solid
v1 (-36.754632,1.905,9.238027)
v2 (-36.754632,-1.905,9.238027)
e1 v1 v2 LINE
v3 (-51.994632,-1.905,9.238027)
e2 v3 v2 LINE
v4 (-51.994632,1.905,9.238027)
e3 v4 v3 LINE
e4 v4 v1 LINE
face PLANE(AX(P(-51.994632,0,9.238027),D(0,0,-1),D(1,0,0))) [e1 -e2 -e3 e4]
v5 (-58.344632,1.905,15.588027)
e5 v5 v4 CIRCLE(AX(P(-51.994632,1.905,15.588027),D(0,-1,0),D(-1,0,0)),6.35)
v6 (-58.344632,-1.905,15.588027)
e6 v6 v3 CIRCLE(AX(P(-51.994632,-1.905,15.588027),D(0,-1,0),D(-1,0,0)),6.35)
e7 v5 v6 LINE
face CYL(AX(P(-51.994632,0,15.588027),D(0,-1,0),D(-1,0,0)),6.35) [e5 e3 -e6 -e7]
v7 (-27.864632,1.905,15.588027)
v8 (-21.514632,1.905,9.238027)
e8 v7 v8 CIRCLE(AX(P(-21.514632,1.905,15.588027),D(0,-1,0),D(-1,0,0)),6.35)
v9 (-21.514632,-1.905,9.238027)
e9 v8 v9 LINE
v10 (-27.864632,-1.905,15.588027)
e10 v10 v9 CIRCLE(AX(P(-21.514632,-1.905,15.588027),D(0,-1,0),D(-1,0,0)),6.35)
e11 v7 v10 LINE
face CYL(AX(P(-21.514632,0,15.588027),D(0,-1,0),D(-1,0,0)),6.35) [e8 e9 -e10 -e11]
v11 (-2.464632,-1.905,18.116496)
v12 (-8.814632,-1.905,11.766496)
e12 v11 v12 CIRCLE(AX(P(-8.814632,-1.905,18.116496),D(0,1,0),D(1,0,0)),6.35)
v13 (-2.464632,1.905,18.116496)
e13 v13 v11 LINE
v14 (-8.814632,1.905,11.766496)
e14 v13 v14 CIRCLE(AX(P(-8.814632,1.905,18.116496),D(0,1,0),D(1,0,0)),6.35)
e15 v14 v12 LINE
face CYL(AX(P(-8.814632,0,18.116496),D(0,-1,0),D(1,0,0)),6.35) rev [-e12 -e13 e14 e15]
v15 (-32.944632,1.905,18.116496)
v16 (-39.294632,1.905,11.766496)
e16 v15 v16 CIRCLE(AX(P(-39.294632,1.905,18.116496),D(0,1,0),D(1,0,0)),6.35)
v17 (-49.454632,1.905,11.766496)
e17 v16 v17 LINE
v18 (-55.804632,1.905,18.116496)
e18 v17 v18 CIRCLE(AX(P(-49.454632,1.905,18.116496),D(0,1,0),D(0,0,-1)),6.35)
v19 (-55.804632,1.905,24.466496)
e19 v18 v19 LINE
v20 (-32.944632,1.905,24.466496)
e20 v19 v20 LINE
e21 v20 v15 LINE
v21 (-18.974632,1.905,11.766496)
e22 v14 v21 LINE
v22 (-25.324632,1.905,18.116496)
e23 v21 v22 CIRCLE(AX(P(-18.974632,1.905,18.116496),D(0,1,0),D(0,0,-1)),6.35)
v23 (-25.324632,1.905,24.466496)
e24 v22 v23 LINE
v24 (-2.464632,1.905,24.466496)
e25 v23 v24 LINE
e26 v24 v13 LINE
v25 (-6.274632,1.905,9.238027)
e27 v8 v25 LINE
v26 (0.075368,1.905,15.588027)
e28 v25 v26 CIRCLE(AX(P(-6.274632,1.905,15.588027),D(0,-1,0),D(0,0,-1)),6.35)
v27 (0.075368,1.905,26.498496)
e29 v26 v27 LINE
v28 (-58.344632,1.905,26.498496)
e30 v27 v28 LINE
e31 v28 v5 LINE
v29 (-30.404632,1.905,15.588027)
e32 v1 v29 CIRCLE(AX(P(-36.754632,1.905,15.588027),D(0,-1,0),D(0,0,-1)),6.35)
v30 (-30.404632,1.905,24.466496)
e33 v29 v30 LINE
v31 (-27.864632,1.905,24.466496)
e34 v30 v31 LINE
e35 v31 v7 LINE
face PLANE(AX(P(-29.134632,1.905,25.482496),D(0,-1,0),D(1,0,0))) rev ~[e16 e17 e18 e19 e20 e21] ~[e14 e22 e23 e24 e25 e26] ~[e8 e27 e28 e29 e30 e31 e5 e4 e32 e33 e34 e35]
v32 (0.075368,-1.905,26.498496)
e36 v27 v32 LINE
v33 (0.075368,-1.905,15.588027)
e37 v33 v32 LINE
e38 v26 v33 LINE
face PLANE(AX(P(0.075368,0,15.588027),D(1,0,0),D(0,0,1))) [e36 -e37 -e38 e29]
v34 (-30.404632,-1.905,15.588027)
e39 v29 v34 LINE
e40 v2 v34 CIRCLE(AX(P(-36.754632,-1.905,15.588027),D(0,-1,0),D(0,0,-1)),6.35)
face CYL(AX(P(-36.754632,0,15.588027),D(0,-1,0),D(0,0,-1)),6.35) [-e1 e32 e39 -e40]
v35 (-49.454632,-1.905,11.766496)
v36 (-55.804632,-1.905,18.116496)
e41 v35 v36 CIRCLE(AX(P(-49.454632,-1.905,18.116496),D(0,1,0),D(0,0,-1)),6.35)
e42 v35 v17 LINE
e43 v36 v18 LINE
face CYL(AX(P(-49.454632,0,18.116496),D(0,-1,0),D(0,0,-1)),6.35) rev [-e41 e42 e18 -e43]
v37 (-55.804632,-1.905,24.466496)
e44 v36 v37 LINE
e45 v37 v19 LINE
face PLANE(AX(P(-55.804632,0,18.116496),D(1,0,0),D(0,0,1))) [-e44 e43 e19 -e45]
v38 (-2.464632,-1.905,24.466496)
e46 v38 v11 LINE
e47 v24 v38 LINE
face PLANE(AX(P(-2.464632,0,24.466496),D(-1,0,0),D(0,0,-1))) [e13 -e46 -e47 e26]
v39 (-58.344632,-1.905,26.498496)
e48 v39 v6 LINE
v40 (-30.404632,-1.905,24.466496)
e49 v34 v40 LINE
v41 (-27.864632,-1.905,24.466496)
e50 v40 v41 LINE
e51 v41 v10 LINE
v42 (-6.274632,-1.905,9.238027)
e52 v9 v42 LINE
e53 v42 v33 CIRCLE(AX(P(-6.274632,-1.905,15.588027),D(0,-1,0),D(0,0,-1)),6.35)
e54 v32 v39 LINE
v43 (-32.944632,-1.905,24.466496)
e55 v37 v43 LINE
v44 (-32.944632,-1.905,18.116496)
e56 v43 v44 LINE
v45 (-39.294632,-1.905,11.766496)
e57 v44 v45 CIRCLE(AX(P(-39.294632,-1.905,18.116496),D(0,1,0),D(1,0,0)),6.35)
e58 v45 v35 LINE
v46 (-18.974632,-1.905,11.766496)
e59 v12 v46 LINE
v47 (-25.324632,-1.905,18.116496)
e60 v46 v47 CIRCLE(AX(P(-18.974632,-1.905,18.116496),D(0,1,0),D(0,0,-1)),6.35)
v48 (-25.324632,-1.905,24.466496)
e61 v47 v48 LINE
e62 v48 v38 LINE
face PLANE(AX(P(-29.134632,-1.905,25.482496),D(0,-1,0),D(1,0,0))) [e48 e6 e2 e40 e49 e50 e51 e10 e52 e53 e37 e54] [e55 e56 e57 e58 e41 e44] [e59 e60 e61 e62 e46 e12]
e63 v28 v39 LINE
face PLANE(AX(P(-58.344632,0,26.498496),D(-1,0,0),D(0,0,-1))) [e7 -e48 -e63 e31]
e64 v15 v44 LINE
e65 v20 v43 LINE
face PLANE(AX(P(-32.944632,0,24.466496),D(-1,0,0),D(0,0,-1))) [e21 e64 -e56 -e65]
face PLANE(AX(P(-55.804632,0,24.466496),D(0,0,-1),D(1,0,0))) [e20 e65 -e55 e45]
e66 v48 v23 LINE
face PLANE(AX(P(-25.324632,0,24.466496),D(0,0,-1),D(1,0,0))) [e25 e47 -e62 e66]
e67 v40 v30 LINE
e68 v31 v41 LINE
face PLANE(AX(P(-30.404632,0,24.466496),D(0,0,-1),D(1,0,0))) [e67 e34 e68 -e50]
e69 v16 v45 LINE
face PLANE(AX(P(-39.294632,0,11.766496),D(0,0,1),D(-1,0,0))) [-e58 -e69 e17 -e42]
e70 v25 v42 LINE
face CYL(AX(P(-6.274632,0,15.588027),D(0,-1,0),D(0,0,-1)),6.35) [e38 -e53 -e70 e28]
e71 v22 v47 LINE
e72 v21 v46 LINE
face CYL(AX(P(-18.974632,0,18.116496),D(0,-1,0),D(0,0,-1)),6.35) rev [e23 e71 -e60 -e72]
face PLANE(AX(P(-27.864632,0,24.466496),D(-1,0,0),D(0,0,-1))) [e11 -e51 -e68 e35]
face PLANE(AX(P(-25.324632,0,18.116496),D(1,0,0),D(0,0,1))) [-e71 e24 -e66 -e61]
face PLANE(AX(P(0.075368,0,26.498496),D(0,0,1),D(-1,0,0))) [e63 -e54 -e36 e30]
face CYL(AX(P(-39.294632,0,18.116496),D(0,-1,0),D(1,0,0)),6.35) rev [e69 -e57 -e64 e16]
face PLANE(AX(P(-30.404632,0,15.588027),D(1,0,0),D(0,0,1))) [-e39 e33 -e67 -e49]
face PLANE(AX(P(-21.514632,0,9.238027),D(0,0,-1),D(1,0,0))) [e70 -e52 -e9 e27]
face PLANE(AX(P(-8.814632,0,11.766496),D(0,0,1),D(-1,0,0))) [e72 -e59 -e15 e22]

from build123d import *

# Parameters (mm, degrees)
F0_W     = 2.54
F0_H     = 2.2360555756
F1_DEPTH = 1.905


with BuildPart() as f1:
    # F0 (on Front) → F1 (new body, symmetric)
    with BuildSketch(Plane.XZ):
        Polygon((-58.3446317705, 24.4664963263), (-55.8046317705, 24.4664963263), (-32.9446317705, 24.4664963263), (-30.4046317705, 24.4664963263), (-27.8646317705, 24.4664963263), (-25.3246317705, 24.4664963263), (-2.4646317705, 24.4664963263), (0.0753682295, 24.4664963263), (0.0753682295, 26.4984963263), (-58.3446317705, 26.4984963263), align=None)
        with BuildLine():
            Line((-55.8046317705, 18.1164963263), (-55.8046317705, 24.4664963263))
            Line((-55.8046317705, 24.4664963263), (-58.3446317705, 24.4664963263))
            Line((-58.3446317705, 24.4664963263), (-58.3446317705, 15.5880270362))
            ThreePointArc((-58.3446317705, 15.5880270362), (-56.484759831, 11.0978989757), (-51.9946317705, 9.2380270362))
            Line((-51.9946317705, 9.2380270362), (-36.7546317705, 9.2380270362))
            ThreePointArc((-36.7546317705, 9.2380270362), (-32.2645037099, 11.0978989757), (-30.4046317705, 15.5880270362))
            Line((-30.4046317705, 15.5880270362), (-30.4046317705, 22.2304407507))
            Line((-30.4046317705, 22.2304407507), (-32.9446317705, 22.2304407507))
            Line((-32.9446317705, 22.2304407507), (-32.9446317705, 18.1164963263))
            ThreePointArc((-32.9446317705, 18.1164963263), (-34.8045037099, 13.6263682658), (-39.2946317705, 11.7664963263))
            Line((-39.2946317705, 11.7664963263), (-49.4546317705, 11.7664963263))
            ThreePointArc((-49.4546317705, 11.7664963263), (-53.944759831, 13.6263682658), (-55.8046317705, 18.1164963263))
        make_face()
        with BuildLine():
            Line((-25.3246317705, 22.2304407507), (-27.8646317705, 22.2304407507))
            Line((-27.8646317705, 22.2304407507), (-27.8646317705, 15.5880270362))
            ThreePointArc((-27.8646317705, 15.5880270362), (-26.004759831, 11.0978989757), (-21.5146317705, 9.2380270362))
            Line((-21.5146317705, 9.2380270362), (-6.2746317705, 9.2380270362))
            ThreePointArc((-6.2746317705, 9.2380270362), (-1.7845037099, 11.0978989757), (0.0753682295, 15.5880270362))
            Line((0.0753682295, 15.5880270362), (0.0753682295, 24.4664963263))
            Line((0.0753682295, 24.4664963263), (-2.4646317705, 24.4664963263))
            Line((-2.4646317705, 24.4664963263), (-2.4646317705, 18.1164963263))
            ThreePointArc((-2.4646317705, 18.1164963263), (-4.3245037099, 13.6263682658), (-8.8146317705, 11.7664963263))
            Line((-8.8146317705, 11.7664963263), (-18.9746317705, 11.7664963263))
            ThreePointArc((-18.9746317705, 11.7664963263), (-23.464759831, 13.6263682658), (-25.3246317705, 18.1164963263))
            Line((-25.3246317705, 18.1164963263), (-25.3246317705, 22.2304407507))
        make_face()
        with Locations((-26.5946317705, 23.3484685385)):
            Rectangle(F0_W, F0_H)
        with Locations((-31.6746317705, 23.3484685385)):
            Rectangle(F0_W, F0_H)
    extrude(amount=F1_DEPTH, both=True)


solid = f1.part
